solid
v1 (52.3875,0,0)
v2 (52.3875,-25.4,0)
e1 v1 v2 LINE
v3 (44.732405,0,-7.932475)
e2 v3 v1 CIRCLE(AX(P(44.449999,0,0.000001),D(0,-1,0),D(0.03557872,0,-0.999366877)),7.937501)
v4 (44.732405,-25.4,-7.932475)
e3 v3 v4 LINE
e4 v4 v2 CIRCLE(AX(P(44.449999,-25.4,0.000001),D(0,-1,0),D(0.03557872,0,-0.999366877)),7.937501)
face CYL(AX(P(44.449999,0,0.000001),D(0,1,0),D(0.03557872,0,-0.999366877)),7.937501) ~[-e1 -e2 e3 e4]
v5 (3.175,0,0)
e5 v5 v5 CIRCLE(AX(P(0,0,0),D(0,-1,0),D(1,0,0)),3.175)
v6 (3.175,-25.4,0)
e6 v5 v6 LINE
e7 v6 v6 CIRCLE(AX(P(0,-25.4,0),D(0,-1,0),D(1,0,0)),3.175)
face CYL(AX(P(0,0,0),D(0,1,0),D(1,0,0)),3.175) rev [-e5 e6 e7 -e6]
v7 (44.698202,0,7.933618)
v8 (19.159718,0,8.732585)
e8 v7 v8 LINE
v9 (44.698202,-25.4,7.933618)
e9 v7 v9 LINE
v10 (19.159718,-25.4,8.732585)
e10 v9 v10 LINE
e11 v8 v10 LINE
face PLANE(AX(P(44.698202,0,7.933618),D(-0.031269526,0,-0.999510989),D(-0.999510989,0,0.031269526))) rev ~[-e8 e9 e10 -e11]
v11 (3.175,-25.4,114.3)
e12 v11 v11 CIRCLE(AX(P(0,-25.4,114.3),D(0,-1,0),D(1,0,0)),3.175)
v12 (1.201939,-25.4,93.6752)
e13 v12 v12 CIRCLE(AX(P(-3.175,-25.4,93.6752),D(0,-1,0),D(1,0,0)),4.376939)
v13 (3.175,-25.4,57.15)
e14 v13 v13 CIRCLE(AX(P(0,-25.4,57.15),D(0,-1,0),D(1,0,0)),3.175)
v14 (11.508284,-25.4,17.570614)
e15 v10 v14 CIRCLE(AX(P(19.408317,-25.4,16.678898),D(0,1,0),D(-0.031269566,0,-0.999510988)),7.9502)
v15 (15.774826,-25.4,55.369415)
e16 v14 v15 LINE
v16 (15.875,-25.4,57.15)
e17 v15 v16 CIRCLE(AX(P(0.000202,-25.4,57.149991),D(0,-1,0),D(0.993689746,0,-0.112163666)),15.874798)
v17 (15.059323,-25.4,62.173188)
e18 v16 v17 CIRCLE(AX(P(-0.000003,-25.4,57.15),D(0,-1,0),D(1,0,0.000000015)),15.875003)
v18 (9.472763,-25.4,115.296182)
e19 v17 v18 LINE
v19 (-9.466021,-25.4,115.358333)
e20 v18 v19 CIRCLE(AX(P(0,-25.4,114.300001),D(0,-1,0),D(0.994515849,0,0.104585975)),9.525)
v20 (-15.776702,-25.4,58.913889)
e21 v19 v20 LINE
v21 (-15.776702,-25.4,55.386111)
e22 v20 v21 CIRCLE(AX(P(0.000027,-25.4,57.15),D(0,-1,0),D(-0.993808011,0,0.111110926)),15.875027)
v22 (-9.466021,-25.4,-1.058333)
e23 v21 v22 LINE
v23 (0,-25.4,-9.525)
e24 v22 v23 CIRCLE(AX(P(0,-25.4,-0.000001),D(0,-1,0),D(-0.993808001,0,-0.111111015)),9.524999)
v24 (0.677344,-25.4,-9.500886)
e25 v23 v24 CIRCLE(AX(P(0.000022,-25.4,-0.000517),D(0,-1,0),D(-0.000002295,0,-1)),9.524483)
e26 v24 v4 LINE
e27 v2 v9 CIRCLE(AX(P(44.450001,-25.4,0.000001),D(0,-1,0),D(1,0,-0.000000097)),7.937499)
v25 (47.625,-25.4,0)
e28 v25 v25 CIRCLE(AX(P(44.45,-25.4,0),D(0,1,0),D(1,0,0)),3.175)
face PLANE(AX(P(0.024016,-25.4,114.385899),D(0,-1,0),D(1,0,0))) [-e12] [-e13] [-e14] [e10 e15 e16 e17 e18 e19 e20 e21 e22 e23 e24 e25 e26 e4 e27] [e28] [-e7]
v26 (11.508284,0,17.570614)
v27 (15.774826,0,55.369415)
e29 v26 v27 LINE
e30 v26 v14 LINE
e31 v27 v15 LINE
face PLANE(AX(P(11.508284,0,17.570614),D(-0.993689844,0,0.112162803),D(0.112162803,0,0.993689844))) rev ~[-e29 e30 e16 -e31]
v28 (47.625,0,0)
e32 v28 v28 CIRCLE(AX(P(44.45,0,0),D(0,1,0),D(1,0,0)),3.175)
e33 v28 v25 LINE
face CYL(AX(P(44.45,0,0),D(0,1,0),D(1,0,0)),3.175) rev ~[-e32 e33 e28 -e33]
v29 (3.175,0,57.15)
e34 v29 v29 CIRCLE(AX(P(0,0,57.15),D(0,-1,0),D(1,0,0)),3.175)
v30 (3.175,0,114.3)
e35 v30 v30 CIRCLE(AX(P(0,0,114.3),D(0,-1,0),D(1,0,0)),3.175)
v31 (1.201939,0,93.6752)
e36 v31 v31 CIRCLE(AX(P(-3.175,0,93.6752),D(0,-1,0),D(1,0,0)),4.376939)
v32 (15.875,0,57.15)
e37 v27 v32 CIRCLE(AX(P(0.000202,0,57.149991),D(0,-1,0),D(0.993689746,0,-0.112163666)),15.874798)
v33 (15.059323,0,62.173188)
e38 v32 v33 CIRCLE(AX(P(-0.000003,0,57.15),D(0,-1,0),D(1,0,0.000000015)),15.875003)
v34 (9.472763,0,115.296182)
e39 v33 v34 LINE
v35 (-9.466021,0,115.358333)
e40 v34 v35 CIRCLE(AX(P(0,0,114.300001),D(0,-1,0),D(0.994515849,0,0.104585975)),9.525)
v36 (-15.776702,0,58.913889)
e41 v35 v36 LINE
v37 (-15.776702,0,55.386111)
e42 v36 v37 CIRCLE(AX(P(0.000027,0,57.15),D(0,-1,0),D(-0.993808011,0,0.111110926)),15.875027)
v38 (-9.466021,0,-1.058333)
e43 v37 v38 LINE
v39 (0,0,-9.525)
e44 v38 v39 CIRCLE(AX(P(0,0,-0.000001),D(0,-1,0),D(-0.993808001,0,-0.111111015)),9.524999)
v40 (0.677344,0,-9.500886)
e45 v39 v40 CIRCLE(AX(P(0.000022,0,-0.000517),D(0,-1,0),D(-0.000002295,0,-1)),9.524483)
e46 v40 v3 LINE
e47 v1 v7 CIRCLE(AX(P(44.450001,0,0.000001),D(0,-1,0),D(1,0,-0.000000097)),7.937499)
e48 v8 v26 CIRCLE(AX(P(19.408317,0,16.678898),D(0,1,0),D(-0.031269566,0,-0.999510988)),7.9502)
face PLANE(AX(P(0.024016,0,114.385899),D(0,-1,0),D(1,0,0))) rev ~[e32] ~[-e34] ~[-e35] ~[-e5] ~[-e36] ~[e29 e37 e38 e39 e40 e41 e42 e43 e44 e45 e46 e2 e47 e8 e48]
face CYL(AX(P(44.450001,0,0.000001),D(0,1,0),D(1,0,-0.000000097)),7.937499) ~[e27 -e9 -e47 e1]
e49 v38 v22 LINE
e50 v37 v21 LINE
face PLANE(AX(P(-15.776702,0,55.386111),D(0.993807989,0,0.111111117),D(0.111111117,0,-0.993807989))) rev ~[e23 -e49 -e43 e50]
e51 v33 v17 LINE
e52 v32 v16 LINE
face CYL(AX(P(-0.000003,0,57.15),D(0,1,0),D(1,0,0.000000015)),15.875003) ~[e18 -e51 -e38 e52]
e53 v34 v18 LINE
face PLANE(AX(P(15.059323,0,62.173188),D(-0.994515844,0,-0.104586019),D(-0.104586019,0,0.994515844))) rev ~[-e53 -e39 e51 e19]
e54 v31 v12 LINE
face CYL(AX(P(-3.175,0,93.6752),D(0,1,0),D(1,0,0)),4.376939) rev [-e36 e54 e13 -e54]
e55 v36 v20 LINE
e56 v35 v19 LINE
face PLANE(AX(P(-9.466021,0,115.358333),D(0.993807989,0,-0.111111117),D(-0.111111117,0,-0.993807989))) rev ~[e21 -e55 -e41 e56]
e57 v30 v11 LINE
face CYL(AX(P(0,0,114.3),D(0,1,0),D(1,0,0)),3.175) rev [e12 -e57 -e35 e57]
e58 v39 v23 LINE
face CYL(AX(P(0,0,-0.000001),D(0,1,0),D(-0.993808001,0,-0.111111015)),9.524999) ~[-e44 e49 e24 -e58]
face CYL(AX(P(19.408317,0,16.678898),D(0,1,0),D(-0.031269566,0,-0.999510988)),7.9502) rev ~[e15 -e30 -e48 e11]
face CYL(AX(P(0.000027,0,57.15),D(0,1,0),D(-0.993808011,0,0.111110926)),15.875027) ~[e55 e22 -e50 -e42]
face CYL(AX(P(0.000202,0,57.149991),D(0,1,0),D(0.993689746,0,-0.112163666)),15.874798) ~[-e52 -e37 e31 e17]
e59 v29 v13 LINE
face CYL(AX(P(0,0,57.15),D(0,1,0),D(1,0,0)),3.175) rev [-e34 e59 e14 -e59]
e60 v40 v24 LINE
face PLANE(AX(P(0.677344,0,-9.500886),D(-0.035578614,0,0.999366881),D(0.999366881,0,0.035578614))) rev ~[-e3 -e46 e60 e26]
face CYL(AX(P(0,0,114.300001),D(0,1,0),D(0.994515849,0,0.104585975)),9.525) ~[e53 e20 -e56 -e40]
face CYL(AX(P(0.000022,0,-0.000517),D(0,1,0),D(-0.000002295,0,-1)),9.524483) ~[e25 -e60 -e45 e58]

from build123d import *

# Parameters (mm, degrees)
F0_R     = 3.175
F0_R_2   = 4.376939
F1_DEPTH = 25.4


with BuildPart() as f1:
    # F0 (on Front) → F1 (new body)
    with BuildSketch(Plane.XZ):
        with BuildLine():
            ThreePointArc((-9.466021, 115.358333), (-0.529988, 104.789756), (9.525, 114.3))
            ThreePointArc((9.525, 114.3), (9.511932, 114.798775), (9.472763, 115.296182))
            ThreePointArc((9.472763, 115.296182), (0.031258, 123.824949), (-9.466021, 115.358333))
        make_face()
        with Locations((0, 114.3)):
            Circle(F0_R, mode=Mode.SUBTRACT)
        with BuildLine():
            ThreePointArc((9.472763, 115.296182), (9.511932, 114.798775), (9.525, 114.3))
            ThreePointArc((9.525, 114.3), (-0.529988, 104.789756), (-9.466021, 115.358333))
            Line((-9.466021, 115.358333), (-15.776702, 58.913889))
            ThreePointArc((-15.776702, 58.913889), (-1.668657, 72.937058), (15.059323, 62.173188))
            Line((15.059323, 62.173188), (9.472763, 115.296182))
        make_face()
        with Locations((-3.175, 93.6752)):
            Circle(F0_R_2, mode=Mode.SUBTRACT)
        with BuildLine():
            Line((15.774826, 55.369415), (15.059323, 62.173188))
            ThreePointArc((15.059323, 62.173188), (-1.668657, 72.937058), (-15.776702, 58.913889))
            ThreePointArc((-15.776702, 58.913889), (-15.875, 57.15), (-15.776702, 55.386111))
            ThreePointArc((-15.776702, 55.386111), (-0.0084, 41.275002), (15.774826, 55.369415))
        make_face()
        with Locations((0, 57.15)):
            Circle(F0_R, mode=Mode.SUBTRACT)
        with BuildLine():
            ThreePointArc((15.875, 57.15), (15.669754, 59.694491), (15.059323, 62.173188))
            Line((15.059323, 62.173188), (15.774826, 55.369415))
            ThreePointArc((15.774826, 55.369415), (15.849937, 56.2583), (15.875, 57.15))
        make_face()
        with BuildLine():
            Line((11.508284, 17.570614), (15.774826, 55.369415))
            ThreePointArc((15.774826, 55.369415), (-0.0084, 41.275002), (-15.776702, 55.386111))
            Line((-15.776702, 55.386111), (-9.466021, -1.058333))
            ThreePointArc((-9.466021, -1.058333), (-0.529988, 9.510244), (9.525, 0))
            Line((9.525, 0), (36.5125, 0))
            ThreePointArc((36.5125, 0), (38.925789, 5.699737), (44.698202, 7.933618))
            Line((44.698202, 7.933618), (19.159718, 8.732585))
            ThreePointArc((19.159718, 8.732585), (13.397682, 11.47525), (11.508284, 17.570614))
        make_face()
        Circle(F0_R)
        with BuildLine():
            ThreePointArc((9.525, 0), (-0.529988, 9.510244), (-9.466021, -1.058333))
            ThreePointArc((-9.466021, -1.058333), (-6.35, -7.099516), (0, -9.525))
            Line((0, -9.525), (0.677344, -9.500886))
            ThreePointArc((0.677344, -9.500886), (6.970557, -6.491299), (9.525, 0))
        make_face()
        Circle(F0_R, mode=Mode.SUBTRACT)
        with BuildLine():
            Line((36.5125, 0), (9.525, 0))
            ThreePointArc((9.525, 0), (6.970557, -6.491299), (0.677344, -9.500886))
            Line((0.677344, -9.500886), (44.732405, -7.932475))
            ThreePointArc((44.732405, -7.932475), (38.93809, -5.711633), (36.5125, 0))
        make_face()
        with BuildLine():
            Line((0.677344, -9.500886), (0, -9.525))
            ThreePointArc((0, -9.525), (0.338886, -9.51897), (0.677344, -9.500886))
        make_face()
        with BuildLine():
            ThreePointArc((52.3875, 0), (50.149737, 5.524211), (44.698202, 7.933618))
            ThreePointArc((44.698202, 7.933618), (38.925789, 5.699737), (36.5125, 0))
            Line((36.5125, 0), (41.275, 0))
            ThreePointArc((41.275, 0), (44.45, 3.175), (47.625, 0))
            Line((47.625, 0), (52.3875, 0))
        make_face()
        with BuildLine():
            Line((41.275, 0), (36.5125, 0))
            ThreePointArc((36.5125, 0), (38.93809, -5.711633), (44.732405, -7.932475))
            ThreePointArc((44.732405, -7.932475), (50.161633, -5.51191), (52.3875, 0))
            Line((52.3875, 0), (47.625, 0))
            ThreePointArc((47.625, 0), (44.45, -3.175), (41.275, 0))
        make_face()
    extrude(amount=F1_DEPTH)


solid = f1.part
